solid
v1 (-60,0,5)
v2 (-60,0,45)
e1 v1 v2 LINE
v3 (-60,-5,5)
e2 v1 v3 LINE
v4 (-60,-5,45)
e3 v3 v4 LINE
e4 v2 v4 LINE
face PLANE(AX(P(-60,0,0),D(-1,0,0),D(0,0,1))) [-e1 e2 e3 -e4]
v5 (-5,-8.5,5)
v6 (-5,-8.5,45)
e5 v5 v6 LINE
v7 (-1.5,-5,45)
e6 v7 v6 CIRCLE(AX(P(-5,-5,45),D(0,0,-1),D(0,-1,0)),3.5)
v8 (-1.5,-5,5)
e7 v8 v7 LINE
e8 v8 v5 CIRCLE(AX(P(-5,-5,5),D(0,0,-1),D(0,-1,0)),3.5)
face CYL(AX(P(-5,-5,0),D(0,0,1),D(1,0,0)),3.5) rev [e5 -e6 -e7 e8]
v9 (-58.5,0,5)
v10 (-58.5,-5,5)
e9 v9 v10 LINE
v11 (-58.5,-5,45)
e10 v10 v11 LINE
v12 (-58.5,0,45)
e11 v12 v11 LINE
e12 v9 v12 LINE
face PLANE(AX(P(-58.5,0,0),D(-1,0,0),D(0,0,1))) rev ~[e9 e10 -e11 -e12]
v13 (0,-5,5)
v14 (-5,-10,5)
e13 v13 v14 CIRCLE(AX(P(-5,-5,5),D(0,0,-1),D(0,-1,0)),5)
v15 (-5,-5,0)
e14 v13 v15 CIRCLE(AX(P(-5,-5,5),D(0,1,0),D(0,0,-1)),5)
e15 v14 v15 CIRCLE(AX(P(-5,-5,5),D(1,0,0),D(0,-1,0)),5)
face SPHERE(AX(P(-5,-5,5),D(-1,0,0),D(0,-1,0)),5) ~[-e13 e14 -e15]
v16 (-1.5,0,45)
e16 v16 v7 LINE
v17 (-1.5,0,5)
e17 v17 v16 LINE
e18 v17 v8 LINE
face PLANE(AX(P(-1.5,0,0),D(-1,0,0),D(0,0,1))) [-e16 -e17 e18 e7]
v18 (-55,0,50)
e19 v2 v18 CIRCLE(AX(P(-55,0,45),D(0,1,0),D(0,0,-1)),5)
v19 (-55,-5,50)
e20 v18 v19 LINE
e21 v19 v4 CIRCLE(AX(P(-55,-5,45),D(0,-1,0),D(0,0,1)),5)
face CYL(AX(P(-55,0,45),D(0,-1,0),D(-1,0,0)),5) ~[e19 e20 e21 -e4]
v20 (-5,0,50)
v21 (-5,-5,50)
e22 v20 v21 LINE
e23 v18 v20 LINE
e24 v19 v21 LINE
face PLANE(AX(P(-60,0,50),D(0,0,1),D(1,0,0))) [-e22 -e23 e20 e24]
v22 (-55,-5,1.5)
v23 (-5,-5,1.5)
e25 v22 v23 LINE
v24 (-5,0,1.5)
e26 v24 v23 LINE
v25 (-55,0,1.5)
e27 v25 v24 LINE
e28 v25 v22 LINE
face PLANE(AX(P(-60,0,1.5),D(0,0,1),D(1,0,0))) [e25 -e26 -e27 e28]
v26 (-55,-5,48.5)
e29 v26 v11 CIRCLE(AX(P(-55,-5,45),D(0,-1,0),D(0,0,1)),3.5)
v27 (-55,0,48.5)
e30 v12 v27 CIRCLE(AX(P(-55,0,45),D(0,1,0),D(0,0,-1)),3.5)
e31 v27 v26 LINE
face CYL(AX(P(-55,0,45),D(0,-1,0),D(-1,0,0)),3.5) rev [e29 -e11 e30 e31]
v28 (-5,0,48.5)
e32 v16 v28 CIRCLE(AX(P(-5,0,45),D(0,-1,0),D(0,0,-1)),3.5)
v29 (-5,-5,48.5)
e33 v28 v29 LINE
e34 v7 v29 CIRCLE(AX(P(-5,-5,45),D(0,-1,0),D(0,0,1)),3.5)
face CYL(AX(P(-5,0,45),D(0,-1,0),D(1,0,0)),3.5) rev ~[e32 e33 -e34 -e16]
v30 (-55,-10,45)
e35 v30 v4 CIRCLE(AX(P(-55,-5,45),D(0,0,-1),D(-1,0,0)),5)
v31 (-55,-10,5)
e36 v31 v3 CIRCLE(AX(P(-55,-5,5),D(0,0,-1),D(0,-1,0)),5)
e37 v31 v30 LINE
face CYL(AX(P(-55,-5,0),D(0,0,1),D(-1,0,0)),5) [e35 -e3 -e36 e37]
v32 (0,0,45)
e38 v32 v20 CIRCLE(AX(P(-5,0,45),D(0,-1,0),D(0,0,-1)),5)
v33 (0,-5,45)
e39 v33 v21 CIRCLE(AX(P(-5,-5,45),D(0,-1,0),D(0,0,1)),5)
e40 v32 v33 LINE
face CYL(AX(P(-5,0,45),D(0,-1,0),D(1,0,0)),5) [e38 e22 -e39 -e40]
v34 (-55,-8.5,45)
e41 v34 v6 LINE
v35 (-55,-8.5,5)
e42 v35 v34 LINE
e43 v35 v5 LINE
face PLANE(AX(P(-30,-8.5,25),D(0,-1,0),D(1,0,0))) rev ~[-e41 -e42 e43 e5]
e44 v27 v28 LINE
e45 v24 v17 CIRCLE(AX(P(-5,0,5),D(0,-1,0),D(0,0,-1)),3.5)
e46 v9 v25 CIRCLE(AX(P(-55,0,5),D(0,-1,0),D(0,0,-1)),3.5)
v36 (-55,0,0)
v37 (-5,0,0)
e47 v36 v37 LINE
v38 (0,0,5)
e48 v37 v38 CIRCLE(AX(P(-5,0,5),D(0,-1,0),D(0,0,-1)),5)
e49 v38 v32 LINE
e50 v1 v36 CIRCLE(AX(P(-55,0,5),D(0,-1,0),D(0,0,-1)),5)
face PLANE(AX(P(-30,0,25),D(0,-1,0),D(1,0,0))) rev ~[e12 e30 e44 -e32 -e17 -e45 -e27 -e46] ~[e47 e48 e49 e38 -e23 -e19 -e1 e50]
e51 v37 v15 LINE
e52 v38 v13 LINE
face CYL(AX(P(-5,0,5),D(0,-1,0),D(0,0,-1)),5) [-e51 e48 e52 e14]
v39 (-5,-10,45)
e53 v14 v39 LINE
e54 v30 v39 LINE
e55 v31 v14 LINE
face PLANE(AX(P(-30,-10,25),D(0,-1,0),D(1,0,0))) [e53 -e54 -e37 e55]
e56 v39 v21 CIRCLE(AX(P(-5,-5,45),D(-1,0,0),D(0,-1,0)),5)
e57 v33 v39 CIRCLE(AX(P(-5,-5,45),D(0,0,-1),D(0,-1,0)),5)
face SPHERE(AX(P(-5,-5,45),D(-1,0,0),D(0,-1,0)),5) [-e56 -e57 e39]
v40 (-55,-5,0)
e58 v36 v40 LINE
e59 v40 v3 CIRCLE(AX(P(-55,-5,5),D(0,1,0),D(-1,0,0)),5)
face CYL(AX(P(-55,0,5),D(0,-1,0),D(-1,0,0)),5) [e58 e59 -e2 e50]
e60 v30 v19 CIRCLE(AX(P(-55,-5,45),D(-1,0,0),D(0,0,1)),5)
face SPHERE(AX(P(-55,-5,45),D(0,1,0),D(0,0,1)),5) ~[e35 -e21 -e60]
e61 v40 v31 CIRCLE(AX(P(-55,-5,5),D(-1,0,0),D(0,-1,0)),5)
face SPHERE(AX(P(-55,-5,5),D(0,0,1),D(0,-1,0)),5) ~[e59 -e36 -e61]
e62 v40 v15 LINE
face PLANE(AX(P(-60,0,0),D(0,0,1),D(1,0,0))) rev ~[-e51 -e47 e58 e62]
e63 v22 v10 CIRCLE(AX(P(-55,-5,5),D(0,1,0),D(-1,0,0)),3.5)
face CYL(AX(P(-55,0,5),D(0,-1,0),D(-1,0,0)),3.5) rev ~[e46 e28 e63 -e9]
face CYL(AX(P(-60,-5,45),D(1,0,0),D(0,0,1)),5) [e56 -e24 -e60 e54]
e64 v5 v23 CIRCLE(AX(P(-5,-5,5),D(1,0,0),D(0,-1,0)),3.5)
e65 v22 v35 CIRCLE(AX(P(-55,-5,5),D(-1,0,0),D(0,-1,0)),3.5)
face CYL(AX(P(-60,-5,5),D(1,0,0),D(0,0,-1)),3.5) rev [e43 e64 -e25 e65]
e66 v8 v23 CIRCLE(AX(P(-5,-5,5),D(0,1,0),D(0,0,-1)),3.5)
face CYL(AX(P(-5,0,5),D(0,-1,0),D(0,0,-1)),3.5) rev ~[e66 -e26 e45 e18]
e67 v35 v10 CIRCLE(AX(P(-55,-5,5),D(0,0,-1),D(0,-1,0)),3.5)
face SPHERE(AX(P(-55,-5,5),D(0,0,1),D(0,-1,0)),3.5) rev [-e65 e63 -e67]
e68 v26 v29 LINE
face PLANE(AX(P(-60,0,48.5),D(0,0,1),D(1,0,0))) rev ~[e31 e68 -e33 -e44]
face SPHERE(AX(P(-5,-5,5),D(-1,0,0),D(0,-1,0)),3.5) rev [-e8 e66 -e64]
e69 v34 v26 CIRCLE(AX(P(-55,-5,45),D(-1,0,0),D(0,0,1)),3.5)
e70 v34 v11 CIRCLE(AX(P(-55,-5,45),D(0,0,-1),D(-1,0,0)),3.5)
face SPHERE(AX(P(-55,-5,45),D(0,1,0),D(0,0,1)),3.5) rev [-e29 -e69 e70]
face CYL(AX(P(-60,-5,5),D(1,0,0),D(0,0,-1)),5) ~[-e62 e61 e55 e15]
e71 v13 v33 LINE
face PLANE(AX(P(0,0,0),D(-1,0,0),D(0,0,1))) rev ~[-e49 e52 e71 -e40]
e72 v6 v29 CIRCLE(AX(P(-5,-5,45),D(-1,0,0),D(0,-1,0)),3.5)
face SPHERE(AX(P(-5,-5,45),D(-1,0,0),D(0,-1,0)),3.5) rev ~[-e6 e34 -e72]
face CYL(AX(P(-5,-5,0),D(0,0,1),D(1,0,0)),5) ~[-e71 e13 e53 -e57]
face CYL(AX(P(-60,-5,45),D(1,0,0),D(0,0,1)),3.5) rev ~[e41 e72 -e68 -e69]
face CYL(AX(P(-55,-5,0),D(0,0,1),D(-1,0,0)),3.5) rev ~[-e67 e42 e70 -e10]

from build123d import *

# Parameters (mm, degrees)
F0_W     = 60
F0_H     = 50
F1_DEPTH = 10
F2_R     = 5
F3_T     = -1.5


with BuildPart() as f1:
    # F0 (on Front) → F1 (new body)
    with BuildSketch(Plane.XZ):
        with Locations((-30, 25)):
            Rectangle(F0_W, F0_H)
    extrude(amount=F1_DEPTH)

    # F2
    f2_edges = [f1.edges().sort_by_distance(p)[0] for p in [
        (-60, -5, 50),
        (-30, -10, 50),
        (-60, -10, 25),
        (-30, -10, 0),
        (0, -10, 25),
        (0, -5, 50),
        (-60, -5, 0),
        (0, -5, 0),
    ]]
    fillet(f2_edges, radius=F2_R)

    # F3
    f3_openings = [f1.faces().sort_by_distance(p)[0] for p in [
        (-30, 0, 25),
    ]]
    offset(amount=F3_T, openings=f3_openings)


solid = f1.part
